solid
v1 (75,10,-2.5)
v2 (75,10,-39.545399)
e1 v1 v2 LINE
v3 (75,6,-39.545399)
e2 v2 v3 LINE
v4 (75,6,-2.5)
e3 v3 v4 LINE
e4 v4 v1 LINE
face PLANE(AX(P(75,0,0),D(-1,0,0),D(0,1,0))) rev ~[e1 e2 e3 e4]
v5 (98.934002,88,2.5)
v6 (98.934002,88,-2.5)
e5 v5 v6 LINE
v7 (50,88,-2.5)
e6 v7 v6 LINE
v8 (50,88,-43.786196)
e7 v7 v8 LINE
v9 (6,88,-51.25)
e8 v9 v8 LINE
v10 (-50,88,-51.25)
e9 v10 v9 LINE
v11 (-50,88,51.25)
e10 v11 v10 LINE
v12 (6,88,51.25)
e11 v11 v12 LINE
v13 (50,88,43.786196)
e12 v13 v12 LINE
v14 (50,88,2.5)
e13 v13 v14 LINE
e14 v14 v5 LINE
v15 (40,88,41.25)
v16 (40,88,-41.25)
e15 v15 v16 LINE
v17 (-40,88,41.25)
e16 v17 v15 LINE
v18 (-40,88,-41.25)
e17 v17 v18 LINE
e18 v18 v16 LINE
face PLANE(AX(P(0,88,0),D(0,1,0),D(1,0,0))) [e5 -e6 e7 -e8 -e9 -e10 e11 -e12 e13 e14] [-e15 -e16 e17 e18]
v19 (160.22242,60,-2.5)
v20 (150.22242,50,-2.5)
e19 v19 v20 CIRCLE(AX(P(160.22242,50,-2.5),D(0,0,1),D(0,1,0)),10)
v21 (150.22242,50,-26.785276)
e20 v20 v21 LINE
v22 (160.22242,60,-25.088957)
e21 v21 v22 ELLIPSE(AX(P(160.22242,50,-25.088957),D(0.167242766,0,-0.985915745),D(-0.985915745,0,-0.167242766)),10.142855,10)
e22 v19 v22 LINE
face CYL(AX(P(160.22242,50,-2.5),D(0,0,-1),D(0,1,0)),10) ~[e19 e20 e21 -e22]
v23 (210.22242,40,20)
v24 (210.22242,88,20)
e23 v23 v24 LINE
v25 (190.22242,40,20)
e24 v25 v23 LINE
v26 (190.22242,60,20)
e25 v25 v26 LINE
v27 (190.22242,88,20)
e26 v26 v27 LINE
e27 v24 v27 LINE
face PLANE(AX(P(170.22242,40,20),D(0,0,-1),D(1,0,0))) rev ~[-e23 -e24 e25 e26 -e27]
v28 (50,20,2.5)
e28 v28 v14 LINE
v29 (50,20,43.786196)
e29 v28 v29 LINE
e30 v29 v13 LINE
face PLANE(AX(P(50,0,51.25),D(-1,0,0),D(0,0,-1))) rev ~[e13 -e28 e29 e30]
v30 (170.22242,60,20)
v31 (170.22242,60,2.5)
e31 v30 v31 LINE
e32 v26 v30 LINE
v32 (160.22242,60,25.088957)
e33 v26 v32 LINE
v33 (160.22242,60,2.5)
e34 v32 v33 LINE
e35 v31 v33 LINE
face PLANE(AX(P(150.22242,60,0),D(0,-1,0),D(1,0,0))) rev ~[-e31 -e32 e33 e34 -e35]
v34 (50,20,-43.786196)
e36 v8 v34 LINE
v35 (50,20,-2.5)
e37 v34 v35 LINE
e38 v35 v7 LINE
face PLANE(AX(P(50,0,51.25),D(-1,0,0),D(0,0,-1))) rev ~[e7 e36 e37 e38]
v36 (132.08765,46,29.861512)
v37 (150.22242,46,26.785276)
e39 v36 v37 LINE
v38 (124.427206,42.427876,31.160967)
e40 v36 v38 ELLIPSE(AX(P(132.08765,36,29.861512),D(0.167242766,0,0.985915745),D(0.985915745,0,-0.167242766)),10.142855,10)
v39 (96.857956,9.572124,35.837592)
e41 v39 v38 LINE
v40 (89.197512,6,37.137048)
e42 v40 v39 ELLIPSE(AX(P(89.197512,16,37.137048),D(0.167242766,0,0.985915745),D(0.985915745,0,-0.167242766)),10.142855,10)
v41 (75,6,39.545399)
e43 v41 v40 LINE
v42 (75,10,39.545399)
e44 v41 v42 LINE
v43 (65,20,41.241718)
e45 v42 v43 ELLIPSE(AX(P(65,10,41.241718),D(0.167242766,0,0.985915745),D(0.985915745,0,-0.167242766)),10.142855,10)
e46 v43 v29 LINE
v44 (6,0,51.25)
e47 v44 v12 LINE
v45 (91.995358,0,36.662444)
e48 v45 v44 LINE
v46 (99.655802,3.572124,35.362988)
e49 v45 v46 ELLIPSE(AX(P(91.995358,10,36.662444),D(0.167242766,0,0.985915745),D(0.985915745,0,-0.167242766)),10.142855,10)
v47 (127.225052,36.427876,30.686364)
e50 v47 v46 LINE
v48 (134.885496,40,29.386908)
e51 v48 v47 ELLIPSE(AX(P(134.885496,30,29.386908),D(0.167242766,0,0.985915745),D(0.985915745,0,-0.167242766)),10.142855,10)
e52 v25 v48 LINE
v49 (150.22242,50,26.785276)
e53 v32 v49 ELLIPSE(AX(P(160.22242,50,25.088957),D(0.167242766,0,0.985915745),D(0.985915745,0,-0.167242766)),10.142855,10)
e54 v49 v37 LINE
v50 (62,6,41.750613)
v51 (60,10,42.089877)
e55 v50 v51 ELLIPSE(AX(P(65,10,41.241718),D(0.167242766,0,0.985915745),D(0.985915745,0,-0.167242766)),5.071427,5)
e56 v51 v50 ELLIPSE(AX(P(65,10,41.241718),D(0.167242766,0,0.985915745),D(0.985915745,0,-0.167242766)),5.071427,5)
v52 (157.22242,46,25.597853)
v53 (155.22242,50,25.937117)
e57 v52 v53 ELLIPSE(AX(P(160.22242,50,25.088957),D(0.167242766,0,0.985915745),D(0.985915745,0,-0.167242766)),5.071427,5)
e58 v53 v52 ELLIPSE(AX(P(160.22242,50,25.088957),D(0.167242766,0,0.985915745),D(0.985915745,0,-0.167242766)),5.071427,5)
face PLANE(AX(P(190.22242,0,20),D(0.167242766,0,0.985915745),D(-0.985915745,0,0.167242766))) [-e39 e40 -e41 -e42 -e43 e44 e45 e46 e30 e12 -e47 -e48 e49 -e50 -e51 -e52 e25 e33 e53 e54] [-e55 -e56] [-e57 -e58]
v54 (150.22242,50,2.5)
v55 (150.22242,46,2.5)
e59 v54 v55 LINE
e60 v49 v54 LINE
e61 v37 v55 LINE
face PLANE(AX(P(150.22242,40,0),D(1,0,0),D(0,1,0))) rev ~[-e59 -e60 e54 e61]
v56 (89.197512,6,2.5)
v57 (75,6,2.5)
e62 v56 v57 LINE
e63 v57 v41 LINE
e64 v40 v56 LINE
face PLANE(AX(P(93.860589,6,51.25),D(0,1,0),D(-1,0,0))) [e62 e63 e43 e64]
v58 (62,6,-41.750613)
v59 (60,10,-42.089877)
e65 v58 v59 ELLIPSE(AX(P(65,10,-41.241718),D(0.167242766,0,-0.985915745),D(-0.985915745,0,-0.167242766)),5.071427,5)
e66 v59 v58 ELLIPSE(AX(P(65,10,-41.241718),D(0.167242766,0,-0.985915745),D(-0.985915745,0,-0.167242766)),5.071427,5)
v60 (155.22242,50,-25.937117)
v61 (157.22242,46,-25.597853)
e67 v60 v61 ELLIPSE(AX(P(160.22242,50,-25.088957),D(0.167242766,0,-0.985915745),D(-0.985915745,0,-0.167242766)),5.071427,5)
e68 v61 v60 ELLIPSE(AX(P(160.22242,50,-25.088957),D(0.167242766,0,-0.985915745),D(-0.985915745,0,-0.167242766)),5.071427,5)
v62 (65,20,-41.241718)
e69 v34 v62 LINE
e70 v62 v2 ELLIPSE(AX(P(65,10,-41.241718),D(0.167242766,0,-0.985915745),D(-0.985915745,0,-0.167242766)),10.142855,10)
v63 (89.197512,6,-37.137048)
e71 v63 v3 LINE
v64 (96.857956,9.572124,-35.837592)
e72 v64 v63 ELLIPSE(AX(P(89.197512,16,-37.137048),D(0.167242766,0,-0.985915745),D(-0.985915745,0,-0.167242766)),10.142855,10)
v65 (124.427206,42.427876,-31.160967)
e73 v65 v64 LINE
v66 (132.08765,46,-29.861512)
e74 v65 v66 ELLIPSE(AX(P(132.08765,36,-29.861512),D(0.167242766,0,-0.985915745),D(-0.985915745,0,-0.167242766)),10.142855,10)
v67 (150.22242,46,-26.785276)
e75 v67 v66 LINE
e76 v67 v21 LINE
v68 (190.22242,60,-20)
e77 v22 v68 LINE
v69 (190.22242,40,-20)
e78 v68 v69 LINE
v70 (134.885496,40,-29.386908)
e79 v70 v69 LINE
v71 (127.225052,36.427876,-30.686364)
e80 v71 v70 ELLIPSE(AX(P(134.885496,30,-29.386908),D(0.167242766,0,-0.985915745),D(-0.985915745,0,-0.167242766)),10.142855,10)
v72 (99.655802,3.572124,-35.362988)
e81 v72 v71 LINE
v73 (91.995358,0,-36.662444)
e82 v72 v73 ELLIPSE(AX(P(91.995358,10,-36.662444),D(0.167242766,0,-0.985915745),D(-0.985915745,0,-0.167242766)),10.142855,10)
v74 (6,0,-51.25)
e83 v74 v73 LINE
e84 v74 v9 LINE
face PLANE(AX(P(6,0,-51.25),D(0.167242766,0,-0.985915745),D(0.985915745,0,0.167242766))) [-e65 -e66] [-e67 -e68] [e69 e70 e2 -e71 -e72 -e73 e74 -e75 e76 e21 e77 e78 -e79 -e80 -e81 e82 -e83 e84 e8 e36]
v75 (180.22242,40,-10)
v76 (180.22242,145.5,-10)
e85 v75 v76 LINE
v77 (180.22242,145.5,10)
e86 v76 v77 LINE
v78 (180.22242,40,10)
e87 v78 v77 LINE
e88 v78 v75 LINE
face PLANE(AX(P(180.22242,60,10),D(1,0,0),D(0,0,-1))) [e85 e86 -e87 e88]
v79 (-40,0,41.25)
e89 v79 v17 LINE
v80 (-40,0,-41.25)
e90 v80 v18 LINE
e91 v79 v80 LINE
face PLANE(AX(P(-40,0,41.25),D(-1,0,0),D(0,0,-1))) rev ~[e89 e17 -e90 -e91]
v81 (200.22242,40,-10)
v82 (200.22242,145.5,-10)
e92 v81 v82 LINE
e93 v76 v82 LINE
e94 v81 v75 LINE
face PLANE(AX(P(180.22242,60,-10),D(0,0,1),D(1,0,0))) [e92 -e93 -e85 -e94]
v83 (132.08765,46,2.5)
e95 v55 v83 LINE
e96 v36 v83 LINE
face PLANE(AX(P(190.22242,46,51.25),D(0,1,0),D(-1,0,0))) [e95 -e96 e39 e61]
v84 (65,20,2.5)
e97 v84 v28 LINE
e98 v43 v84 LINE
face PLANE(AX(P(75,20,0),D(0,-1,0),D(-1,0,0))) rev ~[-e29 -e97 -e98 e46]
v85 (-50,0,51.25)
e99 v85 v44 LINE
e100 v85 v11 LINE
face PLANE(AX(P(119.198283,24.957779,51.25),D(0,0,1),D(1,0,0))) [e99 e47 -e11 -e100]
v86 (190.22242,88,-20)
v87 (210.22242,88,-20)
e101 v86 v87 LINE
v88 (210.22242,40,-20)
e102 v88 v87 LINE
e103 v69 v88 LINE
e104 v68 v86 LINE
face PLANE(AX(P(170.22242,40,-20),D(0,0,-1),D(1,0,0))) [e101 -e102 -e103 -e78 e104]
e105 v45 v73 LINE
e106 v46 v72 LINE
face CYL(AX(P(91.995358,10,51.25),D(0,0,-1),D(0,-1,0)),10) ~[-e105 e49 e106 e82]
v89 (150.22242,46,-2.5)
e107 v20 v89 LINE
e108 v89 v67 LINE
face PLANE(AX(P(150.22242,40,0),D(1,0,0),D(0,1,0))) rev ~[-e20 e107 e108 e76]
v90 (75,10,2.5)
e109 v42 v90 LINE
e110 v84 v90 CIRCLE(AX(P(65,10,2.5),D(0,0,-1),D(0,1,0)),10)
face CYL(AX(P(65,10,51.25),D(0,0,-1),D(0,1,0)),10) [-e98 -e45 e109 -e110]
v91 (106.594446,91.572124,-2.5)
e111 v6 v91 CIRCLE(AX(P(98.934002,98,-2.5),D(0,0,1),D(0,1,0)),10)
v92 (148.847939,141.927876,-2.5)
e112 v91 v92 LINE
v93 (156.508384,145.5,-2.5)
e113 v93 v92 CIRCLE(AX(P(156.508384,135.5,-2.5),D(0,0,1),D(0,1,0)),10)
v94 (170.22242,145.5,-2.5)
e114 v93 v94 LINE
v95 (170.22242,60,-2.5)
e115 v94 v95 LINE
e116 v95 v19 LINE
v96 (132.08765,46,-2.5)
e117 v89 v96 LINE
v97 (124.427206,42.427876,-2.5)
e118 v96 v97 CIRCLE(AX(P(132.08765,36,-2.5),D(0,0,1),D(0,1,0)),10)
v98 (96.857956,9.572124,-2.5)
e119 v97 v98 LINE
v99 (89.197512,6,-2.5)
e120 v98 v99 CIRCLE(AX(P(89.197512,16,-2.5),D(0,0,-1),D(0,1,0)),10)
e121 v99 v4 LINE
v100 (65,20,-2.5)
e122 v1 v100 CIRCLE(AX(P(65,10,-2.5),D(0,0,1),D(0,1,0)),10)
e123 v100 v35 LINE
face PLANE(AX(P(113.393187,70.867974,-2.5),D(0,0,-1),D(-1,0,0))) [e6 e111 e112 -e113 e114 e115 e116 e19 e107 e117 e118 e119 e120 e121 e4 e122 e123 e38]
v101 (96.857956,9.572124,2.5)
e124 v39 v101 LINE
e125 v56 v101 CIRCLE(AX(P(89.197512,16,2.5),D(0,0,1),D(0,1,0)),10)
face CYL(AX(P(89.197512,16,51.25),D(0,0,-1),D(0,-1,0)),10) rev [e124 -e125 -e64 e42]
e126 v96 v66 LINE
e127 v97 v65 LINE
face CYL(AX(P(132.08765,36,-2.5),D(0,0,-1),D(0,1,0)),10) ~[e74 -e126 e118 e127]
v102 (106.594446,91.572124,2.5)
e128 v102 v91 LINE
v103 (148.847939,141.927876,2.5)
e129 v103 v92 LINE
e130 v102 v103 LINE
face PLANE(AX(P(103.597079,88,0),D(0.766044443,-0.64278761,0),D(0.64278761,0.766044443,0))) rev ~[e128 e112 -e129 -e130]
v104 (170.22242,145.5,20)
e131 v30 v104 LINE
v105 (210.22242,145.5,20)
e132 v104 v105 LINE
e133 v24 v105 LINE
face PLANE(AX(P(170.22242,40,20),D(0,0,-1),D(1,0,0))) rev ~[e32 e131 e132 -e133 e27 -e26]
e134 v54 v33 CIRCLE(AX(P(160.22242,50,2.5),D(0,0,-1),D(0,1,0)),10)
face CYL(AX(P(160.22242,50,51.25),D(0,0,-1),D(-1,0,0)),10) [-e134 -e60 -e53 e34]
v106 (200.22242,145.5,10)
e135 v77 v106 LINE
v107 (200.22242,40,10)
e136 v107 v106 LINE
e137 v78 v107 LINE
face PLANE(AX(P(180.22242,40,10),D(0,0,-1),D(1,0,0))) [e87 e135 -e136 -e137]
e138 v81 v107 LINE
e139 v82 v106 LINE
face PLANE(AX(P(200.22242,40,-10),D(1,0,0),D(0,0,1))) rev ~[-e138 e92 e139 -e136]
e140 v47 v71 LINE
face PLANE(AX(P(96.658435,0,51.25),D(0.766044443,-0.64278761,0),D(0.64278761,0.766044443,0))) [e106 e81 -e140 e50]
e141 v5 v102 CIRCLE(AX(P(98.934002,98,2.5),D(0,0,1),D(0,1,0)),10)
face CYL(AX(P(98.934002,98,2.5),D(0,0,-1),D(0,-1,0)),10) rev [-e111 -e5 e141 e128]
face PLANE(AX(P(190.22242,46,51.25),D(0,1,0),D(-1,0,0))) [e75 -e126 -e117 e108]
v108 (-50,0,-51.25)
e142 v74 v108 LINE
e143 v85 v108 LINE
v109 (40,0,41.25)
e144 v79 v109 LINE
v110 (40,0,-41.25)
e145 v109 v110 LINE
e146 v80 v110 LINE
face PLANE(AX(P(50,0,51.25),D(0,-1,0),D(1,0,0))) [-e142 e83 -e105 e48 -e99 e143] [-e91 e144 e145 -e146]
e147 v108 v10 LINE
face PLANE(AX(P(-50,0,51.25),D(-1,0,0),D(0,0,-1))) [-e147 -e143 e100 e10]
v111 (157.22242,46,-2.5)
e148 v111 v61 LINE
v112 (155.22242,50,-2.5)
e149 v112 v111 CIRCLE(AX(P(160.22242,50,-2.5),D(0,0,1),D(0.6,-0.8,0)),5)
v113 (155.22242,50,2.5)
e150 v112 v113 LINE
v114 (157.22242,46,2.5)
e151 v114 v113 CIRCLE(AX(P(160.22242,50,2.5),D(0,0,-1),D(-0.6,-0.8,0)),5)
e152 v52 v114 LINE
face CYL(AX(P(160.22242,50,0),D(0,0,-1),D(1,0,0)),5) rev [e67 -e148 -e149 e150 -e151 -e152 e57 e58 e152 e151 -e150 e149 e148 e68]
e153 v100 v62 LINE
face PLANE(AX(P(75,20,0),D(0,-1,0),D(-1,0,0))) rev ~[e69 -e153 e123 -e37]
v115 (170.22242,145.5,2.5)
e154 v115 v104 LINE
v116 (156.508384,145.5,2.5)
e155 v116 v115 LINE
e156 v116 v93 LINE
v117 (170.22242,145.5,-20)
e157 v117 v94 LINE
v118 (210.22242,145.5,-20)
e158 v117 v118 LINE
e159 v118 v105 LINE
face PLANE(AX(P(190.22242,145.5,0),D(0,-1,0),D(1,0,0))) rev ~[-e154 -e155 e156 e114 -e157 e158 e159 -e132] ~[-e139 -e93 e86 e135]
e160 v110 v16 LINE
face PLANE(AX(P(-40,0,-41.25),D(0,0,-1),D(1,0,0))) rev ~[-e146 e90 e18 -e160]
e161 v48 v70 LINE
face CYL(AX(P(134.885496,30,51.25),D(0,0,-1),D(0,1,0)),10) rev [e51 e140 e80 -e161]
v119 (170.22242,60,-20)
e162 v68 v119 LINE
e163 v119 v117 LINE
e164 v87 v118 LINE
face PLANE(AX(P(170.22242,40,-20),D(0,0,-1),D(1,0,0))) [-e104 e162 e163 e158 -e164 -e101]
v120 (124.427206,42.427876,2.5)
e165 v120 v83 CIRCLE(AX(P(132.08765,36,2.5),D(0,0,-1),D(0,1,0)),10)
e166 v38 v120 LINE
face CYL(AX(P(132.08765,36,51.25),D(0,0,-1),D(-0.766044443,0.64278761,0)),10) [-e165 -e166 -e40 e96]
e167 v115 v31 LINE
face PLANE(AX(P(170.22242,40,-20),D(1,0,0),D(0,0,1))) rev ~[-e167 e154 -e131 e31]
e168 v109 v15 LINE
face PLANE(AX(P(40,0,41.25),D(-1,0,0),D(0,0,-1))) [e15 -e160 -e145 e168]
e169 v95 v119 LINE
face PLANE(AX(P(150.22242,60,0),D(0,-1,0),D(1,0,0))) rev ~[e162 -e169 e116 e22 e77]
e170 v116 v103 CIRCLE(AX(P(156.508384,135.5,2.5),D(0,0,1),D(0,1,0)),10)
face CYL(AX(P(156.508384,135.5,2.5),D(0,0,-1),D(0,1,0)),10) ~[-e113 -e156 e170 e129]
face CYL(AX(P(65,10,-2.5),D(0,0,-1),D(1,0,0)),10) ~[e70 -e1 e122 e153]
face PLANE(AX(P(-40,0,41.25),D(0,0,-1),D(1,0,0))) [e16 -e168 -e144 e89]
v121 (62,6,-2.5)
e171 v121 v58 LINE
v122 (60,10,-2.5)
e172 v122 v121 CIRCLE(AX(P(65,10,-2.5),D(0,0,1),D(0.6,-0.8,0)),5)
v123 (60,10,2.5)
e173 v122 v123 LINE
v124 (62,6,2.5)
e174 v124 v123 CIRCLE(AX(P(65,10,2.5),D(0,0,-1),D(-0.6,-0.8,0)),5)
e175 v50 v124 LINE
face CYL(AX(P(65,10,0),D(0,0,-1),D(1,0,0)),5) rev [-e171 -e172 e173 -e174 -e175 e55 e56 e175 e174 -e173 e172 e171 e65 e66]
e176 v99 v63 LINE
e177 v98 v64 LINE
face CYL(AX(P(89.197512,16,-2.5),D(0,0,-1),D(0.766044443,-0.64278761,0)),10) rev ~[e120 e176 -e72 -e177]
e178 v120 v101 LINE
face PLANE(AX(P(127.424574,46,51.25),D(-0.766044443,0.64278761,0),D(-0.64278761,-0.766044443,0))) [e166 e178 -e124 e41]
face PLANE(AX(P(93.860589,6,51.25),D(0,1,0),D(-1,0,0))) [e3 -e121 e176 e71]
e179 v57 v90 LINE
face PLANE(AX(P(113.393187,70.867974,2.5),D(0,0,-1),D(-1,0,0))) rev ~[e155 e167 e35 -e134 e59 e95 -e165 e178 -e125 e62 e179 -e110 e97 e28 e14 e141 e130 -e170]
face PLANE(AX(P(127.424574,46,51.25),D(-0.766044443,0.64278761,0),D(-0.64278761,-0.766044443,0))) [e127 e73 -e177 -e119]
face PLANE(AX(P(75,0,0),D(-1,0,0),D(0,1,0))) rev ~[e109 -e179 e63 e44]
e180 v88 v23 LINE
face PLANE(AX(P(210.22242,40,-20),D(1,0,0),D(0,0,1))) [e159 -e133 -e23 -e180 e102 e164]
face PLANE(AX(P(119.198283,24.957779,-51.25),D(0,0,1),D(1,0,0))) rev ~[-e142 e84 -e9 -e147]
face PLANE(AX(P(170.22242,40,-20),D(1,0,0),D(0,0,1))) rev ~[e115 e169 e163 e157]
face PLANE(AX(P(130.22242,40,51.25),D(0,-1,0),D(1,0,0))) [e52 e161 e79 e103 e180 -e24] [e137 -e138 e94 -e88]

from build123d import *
from build123d.topology import SkipClean

# Parameters (mm, degrees)
ESQUISSE1_W                   = 100
ESQUISSE1_H                   = 102.5
ESQUISSE1_W_2                 = 80
ESQUISSE1_H_2                 = 82.5
BOSS_EXTRU_3_DEPTH            = 88
BOSS_EXTRU_4_DEPTH            = 102.5
ESQUISSE7_W                   = 40
ESQUISSE7_H                   = 40
ESQUISSE7_W_2                 = 20
ESQUISSE7_H_2                 = 20
BOSS_EXTRU_11_DEPTH           = 105.5
ENL_V_MAT_EXTRU_9_REACH       = 240.16
ESQUISSE13_W                  = 10
ESQUISSE13_H                  = 20
BOSS_EXTRU_12_DEPTH           = 2.5
ESQUISSE17_R                  = 5
ESQUISSE17_W                  = 40
ESQUISSE17_H                  = 20
BOSS_EXTRU_13_DEPTH           = 51.25
ENL_V_MAT_EXTRU_12_DEPTH      = 262.252326841
ENL_V_MAT_EXTRU_12_DEPTH_BACK = 262.252326841
ESQUISSE18_R                  = 5
ENL_V_MAT_EXTRU_13_REACH      = 234.659
ESQUISSE19_W                  = 10
ESQUISSE19_H                  = 20
CONG_1_R                      = 10
ENL_V_MAT_EXTRU_15_DEPTH      = 88


with BuildPart() as part:
    # Esquisse1 → Boss.-Extru.3 (new body)
    with BuildSketch(Plane(origin=(0, 0, 0), x_dir=(1, 0, 0), z_dir=(0, 1, 0))):
        Rectangle(ESQUISSE1_W, ESQUISSE1_H)
        Rectangle(ESQUISSE1_W_2, ESQUISSE1_H_2, mode=Mode.SUBTRACT)
    extrude(amount=BOSS_EXTRU_3_DEPTH)

    # Esquisse3 → Boss.-Extru.4 (add)
    with BuildSketch(Plane.XY.offset(51.25)):
        Polygon((50, 6), (50, 0), (96.658434537, 0), (130.222419784, 40), (190.222419784, 40), (190.222419784, 46), (127.424573836, 46), (93.860588588, 6), align=None)
    extrude(amount=-BOSS_EXTRU_4_DEPTH)

    # Esquisse7 → Boss.-Extru.11 (add)
    with BuildSketch(Plane.XZ.offset(-40)):
        with Locations((190.222419784, 0)):
            Rectangle(ESQUISSE7_W, ESQUISSE7_H)
        with Locations((190.222419784, 0)):
            Rectangle(ESQUISSE7_W_2, ESQUISSE7_H_2, mode=Mode.SUBTRACT)
    extrude(amount=-BOSS_EXTRU_11_DEPTH)

    # Esquisse13 → Enlèv. mat.-Extru.9 (cut, up to next)
    with BuildSketch(Plane(origin=(0, 46, 0), x_dir=(1, 0, 0), z_dir=(0, 1, 0)), mode=Mode.PRIVATE) as enl_v_mat_extru_9_sk1:
        with Locations((185.222419784, 0)):
            Rectangle(ESQUISSE13_W, ESQUISSE13_H)
    enl_v_mat_extru_9_tool1 = extrude(enl_v_mat_extru_9_sk1.sketch, amount=-ENL_V_MAT_EXTRU_9_REACH, mode=Mode.PRIVATE) & part.part
    add(enl_v_mat_extru_9_tool1.solids().sort_by_distance((185.22242, 46, 0))[0], mode=Mode.SUBTRACT)

    # Esquisse14 → Boss.-Extru.12 (add, symmetric)
    with BuildSketch(Plane.XY):
        Polygon((50, 88), (103.597078503, 88), (151.845307295, 145.5), (170.222419784, 145.5), (170.222419784, 46), (127.424573836, 46), (93.860588588, 6), (50, 6), align=None)
    extrude(amount=BOSS_EXTRU_12_DEPTH, both=True)

    # Esquisse17 → Boss.-Extru.13 (add, symmetric)
    # profile 1 of 2: a face of its own
    with BuildSketch(Plane.XY):
        Polygon((44, 20), (44, 0), (75, 0), (75, 6), (75, 20), align=None)
        with Locations((65, 10)):
            Circle(ESQUISSE17_R, mode=Mode.SUBTRACT)
    # profile 2 of 2: a face of its own
    with BuildSketch(Plane.XY):
        with Locations((170.222419784, 50)):
            Rectangle(ESQUISSE17_W, ESQUISSE17_H)
        with Locations((160.222419784, 50)):
            Circle(ESQUISSE17_R, mode=Mode.SUBTRACT)
    extrude(amount=BOSS_EXTRU_13_DEPTH, both=True)

    # Esquisse18 → Enlèv. mat.-Extru.12 (cut, two sides: drawn at the far end of the back side and taken through both)
    with SkipClean():  # the faces are left unmerged after this step: merging them gives an invalid solid
        with BuildSketch(Plane.XY.offset(2.5).offset(-ENL_V_MAT_EXTRU_12_DEPTH_BACK)):
            with Locations(Location((160.222419784, 50, 0), (0, 0, 180))):
                Circle(ESQUISSE18_R)
            with Locations(Location((65, 10, 0), (0, 0, 180))):
                Circle(ESQUISSE18_R)
        extrude(amount=ENL_V_MAT_EXTRU_12_DEPTH + ENL_V_MAT_EXTRU_12_DEPTH_BACK, mode=Mode.SUBTRACT)

    # Esquisse19 → Enlèv. mat.-Extru.13 (cut, up to next)
    with BuildSketch(Plane(origin=(0, 60, 0), x_dir=(1, 0, 0), z_dir=(0, 1, 0)), mode=Mode.PRIVATE) as enl_v_mat_extru_13_sk1:
        with Locations((185.222419784, 0)):
            Rectangle(ESQUISSE19_W, ESQUISSE19_H)
    enl_v_mat_extru_13_tool1 = extrude(enl_v_mat_extru_13_sk1.sketch, amount=-ENL_V_MAT_EXTRU_13_REACH, mode=Mode.PRIVATE) & part.part
    add(enl_v_mat_extru_13_tool1.solids().sort_by_distance((185.22242, 60, 0))[0], mode=Mode.SUBTRACT)

    # Congé1
    cong_1_edges = [part.edges().sort_by_distance(p)[0] for p in [
        (93.860588588, 6, 26.875),
        (127.424573836, 46, 26.875),
        (151.845307295, 145.5, 0),
        (103.597078503, 88, 0),
        (75, 20, 26.875),
        (75, 20, -26.875),
        (150.222419784, 60, 26.875),
        (150.222419784, 60, -26.875),
        (127.424573836, 46, -26.875),
        (93.860588588, 6, -26.875),
        (96.658434537, 0, 0),
        (130.222419784, 40, 0),
    ]]
    fillet(cong_1_edges, radius=CONG_1_R)

    # Esquisse20 → Enlèv. mat.-Extru.15 (cut)
    with SkipClean():  # the faces are left unmerged after this step: merging them gives an invalid solid
        with BuildSketch(Plane(origin=(0, 0, 0), x_dir=(1, 0, 0), z_dir=(0, 1, 0))):
            Polygon((6, 51.25), (190.222419784, 20), (210.222419784, 20), (210.222419784, 51.25), align=None)
            Polygon((210.222419784, -20), (190.222419784, -20), (6, -51.25), (210.222419784, -51.25), align=None)
        extrude(amount=ENL_V_MAT_EXTRU_15_DEPTH, mode=Mode.SUBTRACT)


solid = part.part
